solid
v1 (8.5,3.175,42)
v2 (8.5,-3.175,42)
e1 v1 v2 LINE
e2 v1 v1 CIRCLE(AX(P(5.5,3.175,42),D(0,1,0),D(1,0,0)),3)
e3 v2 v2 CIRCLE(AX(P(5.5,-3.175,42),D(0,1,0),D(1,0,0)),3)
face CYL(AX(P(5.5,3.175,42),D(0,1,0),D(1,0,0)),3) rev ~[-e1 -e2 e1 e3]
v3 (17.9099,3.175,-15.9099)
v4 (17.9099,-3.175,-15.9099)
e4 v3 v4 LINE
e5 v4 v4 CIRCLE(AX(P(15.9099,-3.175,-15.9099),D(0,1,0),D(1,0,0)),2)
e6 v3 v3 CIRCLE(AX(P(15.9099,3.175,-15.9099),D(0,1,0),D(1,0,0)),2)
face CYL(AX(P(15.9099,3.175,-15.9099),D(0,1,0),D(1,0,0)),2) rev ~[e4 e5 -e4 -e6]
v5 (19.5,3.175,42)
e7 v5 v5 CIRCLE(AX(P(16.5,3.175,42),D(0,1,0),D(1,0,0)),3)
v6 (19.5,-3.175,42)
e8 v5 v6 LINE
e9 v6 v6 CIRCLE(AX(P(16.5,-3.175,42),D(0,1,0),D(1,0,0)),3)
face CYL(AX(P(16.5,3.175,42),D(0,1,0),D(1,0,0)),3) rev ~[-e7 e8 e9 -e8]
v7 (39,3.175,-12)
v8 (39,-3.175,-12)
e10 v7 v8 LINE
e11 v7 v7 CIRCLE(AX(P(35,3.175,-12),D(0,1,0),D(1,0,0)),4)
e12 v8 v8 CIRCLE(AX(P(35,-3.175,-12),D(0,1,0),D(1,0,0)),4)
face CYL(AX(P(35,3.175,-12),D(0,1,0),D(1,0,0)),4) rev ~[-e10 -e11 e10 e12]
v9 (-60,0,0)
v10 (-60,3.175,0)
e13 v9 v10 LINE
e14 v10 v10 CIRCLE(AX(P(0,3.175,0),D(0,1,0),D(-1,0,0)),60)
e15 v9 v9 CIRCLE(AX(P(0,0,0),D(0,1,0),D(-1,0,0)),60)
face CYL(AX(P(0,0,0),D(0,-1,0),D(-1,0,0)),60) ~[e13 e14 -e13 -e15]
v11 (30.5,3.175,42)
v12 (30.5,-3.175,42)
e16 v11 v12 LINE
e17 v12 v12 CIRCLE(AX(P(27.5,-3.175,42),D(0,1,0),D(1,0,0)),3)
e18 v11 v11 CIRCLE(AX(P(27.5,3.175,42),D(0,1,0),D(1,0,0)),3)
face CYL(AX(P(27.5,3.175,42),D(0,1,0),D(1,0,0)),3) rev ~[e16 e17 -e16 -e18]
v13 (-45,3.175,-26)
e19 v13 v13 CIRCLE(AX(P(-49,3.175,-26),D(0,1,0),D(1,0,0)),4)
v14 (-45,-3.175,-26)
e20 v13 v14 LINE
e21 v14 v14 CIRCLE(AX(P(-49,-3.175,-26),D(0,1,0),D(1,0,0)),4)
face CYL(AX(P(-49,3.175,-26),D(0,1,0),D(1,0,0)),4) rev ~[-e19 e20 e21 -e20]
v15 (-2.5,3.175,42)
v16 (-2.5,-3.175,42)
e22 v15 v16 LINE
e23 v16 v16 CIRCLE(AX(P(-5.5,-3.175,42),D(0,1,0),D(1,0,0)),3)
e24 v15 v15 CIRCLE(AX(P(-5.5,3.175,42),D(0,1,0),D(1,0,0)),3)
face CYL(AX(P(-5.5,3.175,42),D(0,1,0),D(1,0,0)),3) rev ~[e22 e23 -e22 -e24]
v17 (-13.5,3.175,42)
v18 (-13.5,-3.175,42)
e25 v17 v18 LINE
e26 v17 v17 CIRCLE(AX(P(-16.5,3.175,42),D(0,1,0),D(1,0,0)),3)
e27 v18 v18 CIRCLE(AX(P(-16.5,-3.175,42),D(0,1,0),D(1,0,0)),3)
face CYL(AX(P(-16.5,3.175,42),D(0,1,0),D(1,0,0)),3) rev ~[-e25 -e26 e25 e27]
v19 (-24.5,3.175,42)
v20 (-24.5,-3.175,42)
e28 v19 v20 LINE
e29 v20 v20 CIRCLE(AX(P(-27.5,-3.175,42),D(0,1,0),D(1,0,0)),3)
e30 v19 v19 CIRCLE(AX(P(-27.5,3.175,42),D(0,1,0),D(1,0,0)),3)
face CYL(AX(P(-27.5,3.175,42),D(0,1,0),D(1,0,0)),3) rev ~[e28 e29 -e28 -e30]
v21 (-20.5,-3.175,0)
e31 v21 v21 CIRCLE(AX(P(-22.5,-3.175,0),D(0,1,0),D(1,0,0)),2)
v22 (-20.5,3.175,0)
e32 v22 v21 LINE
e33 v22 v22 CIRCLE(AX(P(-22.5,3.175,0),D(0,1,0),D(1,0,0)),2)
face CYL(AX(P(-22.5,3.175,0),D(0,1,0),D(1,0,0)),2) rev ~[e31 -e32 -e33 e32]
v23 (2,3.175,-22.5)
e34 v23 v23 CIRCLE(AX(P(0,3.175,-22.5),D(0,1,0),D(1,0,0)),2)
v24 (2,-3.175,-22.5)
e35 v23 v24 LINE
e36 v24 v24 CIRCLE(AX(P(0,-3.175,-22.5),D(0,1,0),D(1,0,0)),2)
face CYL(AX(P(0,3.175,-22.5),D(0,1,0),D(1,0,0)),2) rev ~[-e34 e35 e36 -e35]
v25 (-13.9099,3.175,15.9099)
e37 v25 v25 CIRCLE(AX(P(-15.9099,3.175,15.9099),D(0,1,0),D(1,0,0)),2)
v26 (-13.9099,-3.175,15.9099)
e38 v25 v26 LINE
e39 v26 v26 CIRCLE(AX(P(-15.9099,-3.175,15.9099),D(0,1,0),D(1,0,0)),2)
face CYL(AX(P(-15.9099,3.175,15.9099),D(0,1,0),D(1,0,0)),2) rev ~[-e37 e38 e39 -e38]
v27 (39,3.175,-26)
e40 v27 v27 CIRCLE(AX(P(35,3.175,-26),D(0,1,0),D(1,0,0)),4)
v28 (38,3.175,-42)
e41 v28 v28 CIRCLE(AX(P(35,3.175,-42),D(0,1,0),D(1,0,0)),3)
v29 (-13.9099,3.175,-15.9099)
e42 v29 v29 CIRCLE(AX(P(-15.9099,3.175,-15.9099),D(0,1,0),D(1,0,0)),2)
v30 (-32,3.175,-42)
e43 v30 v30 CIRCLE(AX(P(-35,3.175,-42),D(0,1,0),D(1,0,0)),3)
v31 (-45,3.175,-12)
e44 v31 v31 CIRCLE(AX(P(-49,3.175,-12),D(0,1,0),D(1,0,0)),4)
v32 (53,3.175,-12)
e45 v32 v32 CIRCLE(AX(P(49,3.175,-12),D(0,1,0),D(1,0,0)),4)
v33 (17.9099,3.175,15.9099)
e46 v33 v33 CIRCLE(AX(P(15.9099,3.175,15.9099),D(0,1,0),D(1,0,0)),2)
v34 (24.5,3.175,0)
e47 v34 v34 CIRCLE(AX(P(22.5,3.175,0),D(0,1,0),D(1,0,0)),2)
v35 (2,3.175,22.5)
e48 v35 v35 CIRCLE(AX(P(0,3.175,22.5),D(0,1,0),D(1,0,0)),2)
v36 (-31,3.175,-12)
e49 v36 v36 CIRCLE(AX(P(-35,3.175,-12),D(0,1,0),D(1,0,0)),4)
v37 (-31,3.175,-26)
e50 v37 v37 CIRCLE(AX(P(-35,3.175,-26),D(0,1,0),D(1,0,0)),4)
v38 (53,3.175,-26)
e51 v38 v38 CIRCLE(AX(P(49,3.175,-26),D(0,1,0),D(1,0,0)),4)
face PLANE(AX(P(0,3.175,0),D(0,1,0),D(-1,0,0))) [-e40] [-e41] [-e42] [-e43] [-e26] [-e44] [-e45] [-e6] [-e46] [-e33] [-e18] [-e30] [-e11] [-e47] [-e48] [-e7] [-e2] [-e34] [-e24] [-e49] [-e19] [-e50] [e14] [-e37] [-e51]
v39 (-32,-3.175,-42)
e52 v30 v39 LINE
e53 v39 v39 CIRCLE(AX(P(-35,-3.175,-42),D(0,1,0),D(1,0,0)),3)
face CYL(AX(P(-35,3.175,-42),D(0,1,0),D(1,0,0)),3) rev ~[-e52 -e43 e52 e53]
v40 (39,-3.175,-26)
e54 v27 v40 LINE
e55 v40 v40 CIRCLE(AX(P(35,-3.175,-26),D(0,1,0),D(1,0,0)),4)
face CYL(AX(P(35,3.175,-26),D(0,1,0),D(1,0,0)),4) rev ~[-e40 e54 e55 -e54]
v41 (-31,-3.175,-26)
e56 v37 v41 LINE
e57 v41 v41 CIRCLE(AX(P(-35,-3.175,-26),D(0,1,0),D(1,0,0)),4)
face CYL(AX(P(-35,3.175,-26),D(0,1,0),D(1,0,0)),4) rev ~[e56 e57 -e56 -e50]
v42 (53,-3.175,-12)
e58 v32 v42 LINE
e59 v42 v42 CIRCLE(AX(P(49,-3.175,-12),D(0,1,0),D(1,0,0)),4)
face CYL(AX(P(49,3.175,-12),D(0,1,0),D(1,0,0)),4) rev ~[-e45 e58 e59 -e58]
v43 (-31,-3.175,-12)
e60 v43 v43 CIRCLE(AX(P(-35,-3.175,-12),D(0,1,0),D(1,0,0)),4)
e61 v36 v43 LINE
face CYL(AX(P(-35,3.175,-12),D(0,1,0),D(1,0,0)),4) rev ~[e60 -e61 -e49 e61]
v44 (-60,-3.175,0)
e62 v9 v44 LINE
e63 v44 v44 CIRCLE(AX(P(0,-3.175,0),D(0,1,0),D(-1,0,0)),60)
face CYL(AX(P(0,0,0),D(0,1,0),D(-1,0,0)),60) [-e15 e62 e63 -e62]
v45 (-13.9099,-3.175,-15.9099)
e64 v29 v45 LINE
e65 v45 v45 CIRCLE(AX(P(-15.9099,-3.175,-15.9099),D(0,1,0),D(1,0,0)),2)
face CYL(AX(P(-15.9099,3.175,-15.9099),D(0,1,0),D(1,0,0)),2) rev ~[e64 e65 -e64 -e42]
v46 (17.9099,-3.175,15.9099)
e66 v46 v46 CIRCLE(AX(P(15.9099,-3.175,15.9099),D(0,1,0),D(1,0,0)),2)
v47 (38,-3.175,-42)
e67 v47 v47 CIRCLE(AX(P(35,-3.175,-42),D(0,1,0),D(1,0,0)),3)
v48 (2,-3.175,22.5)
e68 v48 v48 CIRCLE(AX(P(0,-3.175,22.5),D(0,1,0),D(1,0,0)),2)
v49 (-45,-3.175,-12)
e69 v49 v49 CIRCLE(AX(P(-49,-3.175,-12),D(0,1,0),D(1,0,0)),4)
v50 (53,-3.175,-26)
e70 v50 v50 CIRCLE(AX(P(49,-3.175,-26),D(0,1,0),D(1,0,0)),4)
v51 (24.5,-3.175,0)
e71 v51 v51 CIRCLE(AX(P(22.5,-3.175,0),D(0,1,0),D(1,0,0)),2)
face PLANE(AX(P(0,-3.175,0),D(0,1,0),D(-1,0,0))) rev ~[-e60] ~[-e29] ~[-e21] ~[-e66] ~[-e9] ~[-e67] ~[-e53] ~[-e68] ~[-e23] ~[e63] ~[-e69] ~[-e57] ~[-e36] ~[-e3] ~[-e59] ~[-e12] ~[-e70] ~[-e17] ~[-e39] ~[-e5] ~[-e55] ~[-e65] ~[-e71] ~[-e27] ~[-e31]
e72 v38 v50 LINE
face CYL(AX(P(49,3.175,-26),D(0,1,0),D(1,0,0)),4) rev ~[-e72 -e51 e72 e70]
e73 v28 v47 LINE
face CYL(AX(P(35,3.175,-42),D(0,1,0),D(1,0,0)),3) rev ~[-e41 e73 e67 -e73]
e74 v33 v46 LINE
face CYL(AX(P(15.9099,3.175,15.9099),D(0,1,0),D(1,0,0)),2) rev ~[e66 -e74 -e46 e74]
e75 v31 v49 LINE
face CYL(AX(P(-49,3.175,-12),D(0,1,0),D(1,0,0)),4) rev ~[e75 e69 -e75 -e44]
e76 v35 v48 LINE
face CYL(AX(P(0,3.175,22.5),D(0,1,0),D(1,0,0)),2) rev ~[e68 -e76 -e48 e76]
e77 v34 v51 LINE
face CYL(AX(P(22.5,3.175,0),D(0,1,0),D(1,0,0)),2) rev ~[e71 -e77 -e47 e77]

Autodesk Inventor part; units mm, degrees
ref_plane "YZ Plane" through (0, 0, 0) normal (1, 0, 0) x (0, 1, 0)
ref_plane "XZ Plane" through (0, 0, 0) normal (0, 1, 0) x (-1, 0, 0)
ref_plane "XY Plane" through (0, 0, 0) normal (0, 0, 1) x (1, 0, 0)
sketch "Sketch1" plane through (0, 0, 0) normal (0, 1, 0) x (-1, 0, 0)
  circle A0 centre (0, 0) radius 60
  dimension "d0" = 120
extrude "Extrusion1" add sketch "Sketch1" along normal mid plane 6.35
sketch "Sketch2" plane through (0, 3.175, 0) normal (0, 1, 0) x (1, 0, 0)
  circle A0 centre (0, 22.5) radius 2
  circle A1 centre (-15.9099, 15.9099) radius 2
  circle A2 centre (-22.5, 0) radius 2
  circle A3 centre (-15.9099, -15.9099) radius 2
  circle A4 centre (0, -22.5) radius 2
  circle A5 centre (15.9099, -15.9099) radius 2
  circle A6 centre (22.5, 0) radius 2
  circle A7 centre (15.9099, 15.9099) radius 2
  point P0 (0, 0)
  dimension "d3" = 4
  dimension "d4" = 22.5
  dimension "d7" = 360
extrude "Extrusion2" cut sketch "Sketch2" against normal through all
sketch "Sketch3" plane through (0, 3.175, 0) normal (0, 1, 0) x (1, 0, 0)
  circle A0 centre (-42, 20) radius 2.5 construction
  circle A1 centre (-48, 26) radius 2 construction
  circle A2 centre (-48, 14) radius 2 construction
  circle A3 centre (-36, 14) radius 2 construction
  circle A4 centre (-36, 26) radius 2 construction
  circle A5 centre (0, 0) radius 60 construction
  line L0 (0, 60) -> (0, -60) construction
  circle A6 centre (42, 20) radius 2.5 construction
  circle A7 centre (48, 26) radius 2 construction
  circle A8 centre (48, 14) radius 2 construction
  circle A9 centre (36, 14) radius 2 construction
  circle A10 centre (36, 26) radius 2 construction
  circle A11 centre (-20, -42) radius 2.5 construction
  circle A12 centre (-25, -37) radius 2 construction
  circle A13 centre (-25, -47) radius 2 construction
  circle A14 centre (-15, -47) radius 2 construction
  circle A15 centre (-15, -37) radius 2 construction
  circle A16 centre (20, -42) radius 2.5 construction
  circle A17 centre (25, -37) radius 2 construction
  circle A18 centre (25, -47) radius 2 construction
  circle A19 centre (15, -47) radius 2 construction
  circle A20 centre (15, -37) radius 2 construction
  circle A21 centre (-27.5, -42) radius 3
  line L1 (-60, 0) -> (60, 0) construction
  circle A22 centre (-16.5, -42) radius 3
  circle A23 centre (-5.5, -42) radius 3
  circle A24 centre (5.5, -42) radius 3
  circle A25 centre (16.5, -42) radius 3
  circle A26 centre (27.5, -42) radius 3
  line L2 (-5.5, -42) -> (5.5, -42) construction
  point P0 (0, -42)
  dimension "d11" = 5
  dimension "d12" = 42
  dimension "d13" = 20
  dimension "d14" = 4
  dimension "d15" = 6
  dimension "d16" = 6
  dimension "d19" = 360
  dimension "d23" = 5
  dimension "d24" = 42
  dimension "d25" = 20
  dimension "d26" = 4
  dimension "d27" = 5
  dimension "d28" = 5
  dimension "d31" = 360
  dimension "d49" = 6
  dimension "d52" = 11
extrude "Extrusion3" cut sketch "Sketch3" against normal through all
sketch "Sketch4" plane through (0, 3.175, 0) normal (0, 1, 0) x (1, 0, 0)
  circle A0 centre (-49, 42) radius 3 construction
  circle A1 centre (-49, 26) radius 4
  circle A2 centre (-49, 12) radius 4
  circle A3 centre (0, 0) radius 60 construction
  line L0 (-60, 0) -> (60, 0) construction
  circle A4 centre (-35, 42) radius 3
  circle A5 centre (-35, 26) radius 4
  circle A6 centre (-35, 12) radius 4
  line L1 (0, 60) -> (0, 0) construction
  circle A7 centre (49, 26) radius 4
  circle A8 centre (49, 12) radius 4
  circle A9 centre (35, 42) radius 3
  circle A10 centre (35, 26) radius 4
  circle A11 centre (35, 12) radius 4
  dimension "d33" = 6
  dimension "d34" = 8
  dimension "d35" = 8
  dimension "d36" = 16
  dimension "d37" = 14
  dimension "d40" = 14
  dimension "d45" = 35
  dimension "d46" = 12
extrude "Extrusion4" cut sketch "Sketch4" against normal through all
properties part number "TurretBasePlate"
